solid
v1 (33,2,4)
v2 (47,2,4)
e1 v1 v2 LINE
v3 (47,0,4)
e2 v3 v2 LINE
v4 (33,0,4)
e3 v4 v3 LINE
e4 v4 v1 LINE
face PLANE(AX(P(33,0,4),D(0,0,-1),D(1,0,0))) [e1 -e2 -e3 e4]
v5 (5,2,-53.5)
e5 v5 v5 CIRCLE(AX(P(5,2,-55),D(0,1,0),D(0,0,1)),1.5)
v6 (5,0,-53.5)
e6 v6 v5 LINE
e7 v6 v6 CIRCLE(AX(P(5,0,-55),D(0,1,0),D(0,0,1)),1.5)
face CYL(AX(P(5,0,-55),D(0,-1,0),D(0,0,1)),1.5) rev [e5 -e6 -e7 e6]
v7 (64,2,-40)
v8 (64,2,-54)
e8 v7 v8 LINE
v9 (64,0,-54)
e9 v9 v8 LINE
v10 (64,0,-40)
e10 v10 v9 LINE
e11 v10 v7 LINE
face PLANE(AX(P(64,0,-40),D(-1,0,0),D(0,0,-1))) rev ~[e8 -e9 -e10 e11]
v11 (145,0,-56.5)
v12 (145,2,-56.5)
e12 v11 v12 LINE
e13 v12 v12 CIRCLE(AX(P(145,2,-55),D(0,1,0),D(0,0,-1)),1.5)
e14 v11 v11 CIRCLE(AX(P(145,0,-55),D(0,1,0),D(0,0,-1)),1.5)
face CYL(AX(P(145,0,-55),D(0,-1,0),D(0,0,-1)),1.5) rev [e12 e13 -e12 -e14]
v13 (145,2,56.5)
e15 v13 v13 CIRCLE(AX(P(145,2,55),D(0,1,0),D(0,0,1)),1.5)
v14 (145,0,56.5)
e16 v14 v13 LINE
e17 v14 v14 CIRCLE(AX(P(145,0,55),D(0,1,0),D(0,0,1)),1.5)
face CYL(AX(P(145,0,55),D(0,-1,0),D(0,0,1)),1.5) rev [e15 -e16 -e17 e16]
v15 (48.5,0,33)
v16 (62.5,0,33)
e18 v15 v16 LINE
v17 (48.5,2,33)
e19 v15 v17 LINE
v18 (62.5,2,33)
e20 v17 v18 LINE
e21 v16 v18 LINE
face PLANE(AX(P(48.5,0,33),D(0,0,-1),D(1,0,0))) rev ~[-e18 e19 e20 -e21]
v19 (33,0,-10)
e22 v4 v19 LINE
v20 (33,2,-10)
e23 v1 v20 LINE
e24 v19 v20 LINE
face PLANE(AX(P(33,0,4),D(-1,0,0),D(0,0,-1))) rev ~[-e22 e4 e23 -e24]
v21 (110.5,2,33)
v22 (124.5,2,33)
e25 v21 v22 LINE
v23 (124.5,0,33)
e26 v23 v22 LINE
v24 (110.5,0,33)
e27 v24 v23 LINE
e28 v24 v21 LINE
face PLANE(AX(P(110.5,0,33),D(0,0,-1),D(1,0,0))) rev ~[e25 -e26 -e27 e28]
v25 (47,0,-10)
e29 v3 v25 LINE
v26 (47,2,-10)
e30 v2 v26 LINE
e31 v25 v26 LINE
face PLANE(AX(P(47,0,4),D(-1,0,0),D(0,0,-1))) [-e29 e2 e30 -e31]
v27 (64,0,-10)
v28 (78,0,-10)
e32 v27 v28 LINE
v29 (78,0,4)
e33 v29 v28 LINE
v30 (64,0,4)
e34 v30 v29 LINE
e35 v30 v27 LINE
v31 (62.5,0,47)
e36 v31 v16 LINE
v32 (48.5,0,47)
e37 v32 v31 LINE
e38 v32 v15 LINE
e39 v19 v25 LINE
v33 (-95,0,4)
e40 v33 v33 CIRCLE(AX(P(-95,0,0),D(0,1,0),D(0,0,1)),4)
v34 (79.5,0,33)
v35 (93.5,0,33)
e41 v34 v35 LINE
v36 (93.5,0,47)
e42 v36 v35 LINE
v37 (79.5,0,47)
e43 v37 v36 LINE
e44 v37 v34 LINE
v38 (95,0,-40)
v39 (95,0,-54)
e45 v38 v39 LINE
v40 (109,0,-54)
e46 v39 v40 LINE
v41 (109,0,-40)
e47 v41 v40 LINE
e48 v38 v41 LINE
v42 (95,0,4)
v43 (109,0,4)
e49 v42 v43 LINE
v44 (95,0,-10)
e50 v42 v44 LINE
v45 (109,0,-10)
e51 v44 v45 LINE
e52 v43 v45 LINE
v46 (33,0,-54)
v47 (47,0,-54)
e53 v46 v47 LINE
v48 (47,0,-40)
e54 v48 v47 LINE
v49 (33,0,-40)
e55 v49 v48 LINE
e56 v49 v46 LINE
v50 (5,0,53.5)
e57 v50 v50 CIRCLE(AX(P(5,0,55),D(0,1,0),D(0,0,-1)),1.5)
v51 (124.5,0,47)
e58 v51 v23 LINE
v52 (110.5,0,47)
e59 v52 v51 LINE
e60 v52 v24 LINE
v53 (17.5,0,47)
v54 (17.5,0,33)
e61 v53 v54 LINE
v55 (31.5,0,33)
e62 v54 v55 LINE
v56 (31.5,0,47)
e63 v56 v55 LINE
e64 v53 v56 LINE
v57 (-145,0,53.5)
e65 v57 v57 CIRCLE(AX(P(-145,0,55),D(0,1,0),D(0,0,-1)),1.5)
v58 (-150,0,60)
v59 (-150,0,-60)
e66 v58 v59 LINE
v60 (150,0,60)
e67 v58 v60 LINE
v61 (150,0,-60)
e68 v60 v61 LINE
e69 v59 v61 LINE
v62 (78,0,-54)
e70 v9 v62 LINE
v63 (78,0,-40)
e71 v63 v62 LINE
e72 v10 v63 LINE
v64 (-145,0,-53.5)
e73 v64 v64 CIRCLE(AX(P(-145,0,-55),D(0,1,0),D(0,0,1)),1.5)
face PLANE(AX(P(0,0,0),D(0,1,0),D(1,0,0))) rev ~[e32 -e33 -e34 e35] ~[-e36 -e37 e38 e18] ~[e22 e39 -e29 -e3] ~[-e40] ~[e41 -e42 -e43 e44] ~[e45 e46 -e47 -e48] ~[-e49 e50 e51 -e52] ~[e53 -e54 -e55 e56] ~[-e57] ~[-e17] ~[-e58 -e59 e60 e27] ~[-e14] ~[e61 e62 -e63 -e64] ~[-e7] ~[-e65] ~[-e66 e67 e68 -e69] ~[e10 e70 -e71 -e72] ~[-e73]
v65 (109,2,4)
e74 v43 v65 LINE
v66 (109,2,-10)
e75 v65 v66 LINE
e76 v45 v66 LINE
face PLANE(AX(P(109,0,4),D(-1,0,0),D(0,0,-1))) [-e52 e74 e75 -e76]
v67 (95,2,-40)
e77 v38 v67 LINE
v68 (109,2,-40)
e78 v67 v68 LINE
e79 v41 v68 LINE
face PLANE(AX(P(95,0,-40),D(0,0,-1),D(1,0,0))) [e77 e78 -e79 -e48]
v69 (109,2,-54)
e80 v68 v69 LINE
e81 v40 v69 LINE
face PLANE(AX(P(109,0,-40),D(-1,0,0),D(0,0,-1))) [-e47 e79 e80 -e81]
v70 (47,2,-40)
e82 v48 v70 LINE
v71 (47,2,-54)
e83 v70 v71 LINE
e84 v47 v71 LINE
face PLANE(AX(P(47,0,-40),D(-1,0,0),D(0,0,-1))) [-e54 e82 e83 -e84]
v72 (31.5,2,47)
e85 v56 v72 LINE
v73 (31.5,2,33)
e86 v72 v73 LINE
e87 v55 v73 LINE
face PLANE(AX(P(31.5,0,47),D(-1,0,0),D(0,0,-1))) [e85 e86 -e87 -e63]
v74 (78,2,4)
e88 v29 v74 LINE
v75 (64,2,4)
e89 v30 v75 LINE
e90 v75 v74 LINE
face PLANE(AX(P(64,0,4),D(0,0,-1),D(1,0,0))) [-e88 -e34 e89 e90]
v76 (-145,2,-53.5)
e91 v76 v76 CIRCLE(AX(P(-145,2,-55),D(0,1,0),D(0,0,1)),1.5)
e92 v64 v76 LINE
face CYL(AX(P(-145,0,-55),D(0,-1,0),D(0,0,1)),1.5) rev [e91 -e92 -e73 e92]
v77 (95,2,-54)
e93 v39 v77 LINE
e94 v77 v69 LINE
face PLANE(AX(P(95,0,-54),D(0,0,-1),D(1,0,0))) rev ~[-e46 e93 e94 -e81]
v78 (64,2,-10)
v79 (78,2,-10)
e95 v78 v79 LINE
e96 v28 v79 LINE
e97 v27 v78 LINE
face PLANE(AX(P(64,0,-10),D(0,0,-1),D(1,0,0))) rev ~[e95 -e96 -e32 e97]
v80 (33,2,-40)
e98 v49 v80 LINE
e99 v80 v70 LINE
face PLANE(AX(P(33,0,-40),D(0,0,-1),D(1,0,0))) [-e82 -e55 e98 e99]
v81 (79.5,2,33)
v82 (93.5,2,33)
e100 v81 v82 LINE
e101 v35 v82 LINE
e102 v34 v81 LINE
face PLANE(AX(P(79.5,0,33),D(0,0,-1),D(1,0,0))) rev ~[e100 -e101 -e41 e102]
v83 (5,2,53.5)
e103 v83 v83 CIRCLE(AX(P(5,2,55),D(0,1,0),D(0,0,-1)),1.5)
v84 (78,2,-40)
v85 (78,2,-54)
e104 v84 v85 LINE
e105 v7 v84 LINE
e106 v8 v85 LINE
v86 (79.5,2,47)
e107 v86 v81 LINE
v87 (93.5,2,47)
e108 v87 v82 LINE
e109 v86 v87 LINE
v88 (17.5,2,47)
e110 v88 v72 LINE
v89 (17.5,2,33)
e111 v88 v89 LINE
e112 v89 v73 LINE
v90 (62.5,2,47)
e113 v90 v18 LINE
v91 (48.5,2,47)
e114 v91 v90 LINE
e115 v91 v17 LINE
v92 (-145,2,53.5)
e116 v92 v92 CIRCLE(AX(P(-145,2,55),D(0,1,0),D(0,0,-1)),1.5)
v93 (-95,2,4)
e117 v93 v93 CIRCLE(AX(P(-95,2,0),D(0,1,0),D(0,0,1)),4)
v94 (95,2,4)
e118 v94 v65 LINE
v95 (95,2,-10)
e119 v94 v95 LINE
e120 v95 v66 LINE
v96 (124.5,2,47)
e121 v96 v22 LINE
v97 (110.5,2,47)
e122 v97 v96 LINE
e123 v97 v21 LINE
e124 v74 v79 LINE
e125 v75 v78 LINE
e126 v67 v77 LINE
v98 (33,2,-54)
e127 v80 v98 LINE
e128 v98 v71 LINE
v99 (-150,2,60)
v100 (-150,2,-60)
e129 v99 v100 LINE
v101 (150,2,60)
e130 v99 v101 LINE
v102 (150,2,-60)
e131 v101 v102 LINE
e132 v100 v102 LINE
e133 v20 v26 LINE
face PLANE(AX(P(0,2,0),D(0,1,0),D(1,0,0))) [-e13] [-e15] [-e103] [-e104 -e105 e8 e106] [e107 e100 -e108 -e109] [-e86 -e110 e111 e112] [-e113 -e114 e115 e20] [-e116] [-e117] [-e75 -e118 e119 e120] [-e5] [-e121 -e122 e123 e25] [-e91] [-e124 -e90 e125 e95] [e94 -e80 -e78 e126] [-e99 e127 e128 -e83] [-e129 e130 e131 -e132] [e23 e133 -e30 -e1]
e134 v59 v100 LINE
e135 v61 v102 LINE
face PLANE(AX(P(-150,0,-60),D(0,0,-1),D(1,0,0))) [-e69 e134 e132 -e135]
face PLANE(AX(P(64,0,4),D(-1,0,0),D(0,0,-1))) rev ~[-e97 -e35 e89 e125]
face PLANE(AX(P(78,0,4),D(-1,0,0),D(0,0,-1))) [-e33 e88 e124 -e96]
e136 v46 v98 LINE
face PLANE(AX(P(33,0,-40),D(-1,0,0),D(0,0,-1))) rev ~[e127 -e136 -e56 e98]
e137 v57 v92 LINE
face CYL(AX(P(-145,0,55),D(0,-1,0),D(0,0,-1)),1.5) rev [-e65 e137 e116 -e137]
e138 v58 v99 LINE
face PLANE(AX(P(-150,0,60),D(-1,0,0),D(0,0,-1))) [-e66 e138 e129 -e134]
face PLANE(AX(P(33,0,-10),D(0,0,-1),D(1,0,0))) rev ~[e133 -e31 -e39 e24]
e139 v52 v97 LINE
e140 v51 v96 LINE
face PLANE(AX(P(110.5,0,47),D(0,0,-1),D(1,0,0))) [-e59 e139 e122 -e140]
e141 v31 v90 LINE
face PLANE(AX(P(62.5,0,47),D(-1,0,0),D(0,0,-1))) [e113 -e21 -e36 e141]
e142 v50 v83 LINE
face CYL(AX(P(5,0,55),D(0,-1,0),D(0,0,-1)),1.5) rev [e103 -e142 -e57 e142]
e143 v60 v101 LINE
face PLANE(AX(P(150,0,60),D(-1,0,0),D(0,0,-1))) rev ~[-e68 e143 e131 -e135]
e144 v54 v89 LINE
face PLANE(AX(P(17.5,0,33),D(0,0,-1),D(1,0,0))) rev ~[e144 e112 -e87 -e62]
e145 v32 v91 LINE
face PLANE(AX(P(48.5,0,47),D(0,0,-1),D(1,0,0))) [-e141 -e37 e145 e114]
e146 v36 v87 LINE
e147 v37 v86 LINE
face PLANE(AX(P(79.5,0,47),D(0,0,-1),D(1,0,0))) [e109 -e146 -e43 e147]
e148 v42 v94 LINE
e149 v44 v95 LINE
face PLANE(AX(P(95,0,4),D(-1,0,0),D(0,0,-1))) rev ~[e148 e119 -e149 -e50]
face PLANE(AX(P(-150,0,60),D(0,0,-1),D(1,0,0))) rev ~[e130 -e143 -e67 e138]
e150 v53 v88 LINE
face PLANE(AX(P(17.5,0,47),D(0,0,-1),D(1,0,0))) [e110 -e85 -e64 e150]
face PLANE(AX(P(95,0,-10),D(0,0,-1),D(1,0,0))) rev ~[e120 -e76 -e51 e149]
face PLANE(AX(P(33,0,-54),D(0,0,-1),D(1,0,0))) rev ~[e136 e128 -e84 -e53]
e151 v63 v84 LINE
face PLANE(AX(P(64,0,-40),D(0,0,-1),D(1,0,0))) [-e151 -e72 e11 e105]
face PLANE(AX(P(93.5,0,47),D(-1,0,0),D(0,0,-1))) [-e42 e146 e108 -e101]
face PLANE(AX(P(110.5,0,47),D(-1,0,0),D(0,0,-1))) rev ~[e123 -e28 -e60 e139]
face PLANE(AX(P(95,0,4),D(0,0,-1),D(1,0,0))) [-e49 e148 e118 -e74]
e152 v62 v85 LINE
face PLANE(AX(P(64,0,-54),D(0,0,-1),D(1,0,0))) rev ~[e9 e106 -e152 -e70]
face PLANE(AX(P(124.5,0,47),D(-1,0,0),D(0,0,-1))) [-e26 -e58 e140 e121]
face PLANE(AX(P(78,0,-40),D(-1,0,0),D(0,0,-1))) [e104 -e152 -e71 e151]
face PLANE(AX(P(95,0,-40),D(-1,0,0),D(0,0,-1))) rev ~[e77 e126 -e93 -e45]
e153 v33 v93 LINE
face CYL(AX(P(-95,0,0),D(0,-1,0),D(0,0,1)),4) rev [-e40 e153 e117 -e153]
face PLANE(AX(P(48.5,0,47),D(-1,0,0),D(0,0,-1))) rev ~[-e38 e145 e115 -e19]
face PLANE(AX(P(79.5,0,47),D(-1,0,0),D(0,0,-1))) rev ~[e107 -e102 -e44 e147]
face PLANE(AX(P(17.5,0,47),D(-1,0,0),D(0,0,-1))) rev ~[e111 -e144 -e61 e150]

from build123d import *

# Parameters (mm, degrees)
SKETCH1_W           = 300
SKETCH1_H           = 120
SKETCH1_R           = 4
SKETCH1_R_2         = 1.5
SKETCH1_W_2         = 14
SKETCH1_H_2         = 14
BOSS_EXTRUDE1_DEPTH = 2


with BuildPart() as part:
    # Sketch1 → Boss-Extrude1 (new body)
    with BuildSketch(Plane(origin=(0, 0, 0), x_dir=(1, 0, 0), z_dir=(0, 1, 0))):
        Rectangle(SKETCH1_W, SKETCH1_H)
        with Locations(Location((-95, 0, 0), (0, 0, 270))):
            Circle(SKETCH1_R, mode=Mode.SUBTRACT)
        with Locations(Location((-145, 55, 0), (0, 0, 270))):
            Circle(SKETCH1_R_2, mode=Mode.SUBTRACT)
        with Locations(Location((145, 55, 0), (0, 0, 90))):
            Circle(SKETCH1_R_2, mode=Mode.SUBTRACT)
        with Locations(Location((-145, -55, 0), (0, 0, 90))):
            Circle(SKETCH1_R_2, mode=Mode.SUBTRACT)
        with Locations(Location((145, -55, 0), (0, 0, 270))):
            Circle(SKETCH1_R_2, mode=Mode.SUBTRACT)
        with Locations(Location((5, 55, 0), (0, 0, 270))):
            Circle(SKETCH1_R_2, mode=Mode.SUBTRACT)
        with Locations(Location((5, -55, 0), (0, 0, 90))):
            Circle(SKETCH1_R_2, mode=Mode.SUBTRACT)
        with Locations((24.5, -40)):
            Rectangle(SKETCH1_W_2, SKETCH1_H_2, mode=Mode.SUBTRACT)
        with Locations((40, 3)):
            Rectangle(SKETCH1_W_2, SKETCH1_H_2, mode=Mode.SUBTRACT)
        with Locations((71, 3)):
            Rectangle(SKETCH1_W_2, SKETCH1_H_2, mode=Mode.SUBTRACT)
        with Locations((102, 3)):
            Rectangle(SKETCH1_W_2, SKETCH1_H_2, mode=Mode.SUBTRACT)
        with Locations((55.5, -40)):
            Rectangle(SKETCH1_W_2, SKETCH1_H_2, mode=Mode.SUBTRACT)
        with Locations((86.5, -40)):
            Rectangle(SKETCH1_W_2, SKETCH1_H_2, mode=Mode.SUBTRACT)
        with Locations((117.5, -40)):
            Rectangle(SKETCH1_W_2, SKETCH1_H_2, mode=Mode.SUBTRACT)
        with Locations((40, 47)):
            Rectangle(SKETCH1_W_2, SKETCH1_H_2, mode=Mode.SUBTRACT)
        with Locations((71, 47)):
            Rectangle(SKETCH1_W_2, SKETCH1_H_2, mode=Mode.SUBTRACT)
        with Locations((102, 47)):
            Rectangle(SKETCH1_W_2, SKETCH1_H_2, mode=Mode.SUBTRACT)
    extrude(amount=BOSS_EXTRUDE1_DEPTH)


solid = part.part
